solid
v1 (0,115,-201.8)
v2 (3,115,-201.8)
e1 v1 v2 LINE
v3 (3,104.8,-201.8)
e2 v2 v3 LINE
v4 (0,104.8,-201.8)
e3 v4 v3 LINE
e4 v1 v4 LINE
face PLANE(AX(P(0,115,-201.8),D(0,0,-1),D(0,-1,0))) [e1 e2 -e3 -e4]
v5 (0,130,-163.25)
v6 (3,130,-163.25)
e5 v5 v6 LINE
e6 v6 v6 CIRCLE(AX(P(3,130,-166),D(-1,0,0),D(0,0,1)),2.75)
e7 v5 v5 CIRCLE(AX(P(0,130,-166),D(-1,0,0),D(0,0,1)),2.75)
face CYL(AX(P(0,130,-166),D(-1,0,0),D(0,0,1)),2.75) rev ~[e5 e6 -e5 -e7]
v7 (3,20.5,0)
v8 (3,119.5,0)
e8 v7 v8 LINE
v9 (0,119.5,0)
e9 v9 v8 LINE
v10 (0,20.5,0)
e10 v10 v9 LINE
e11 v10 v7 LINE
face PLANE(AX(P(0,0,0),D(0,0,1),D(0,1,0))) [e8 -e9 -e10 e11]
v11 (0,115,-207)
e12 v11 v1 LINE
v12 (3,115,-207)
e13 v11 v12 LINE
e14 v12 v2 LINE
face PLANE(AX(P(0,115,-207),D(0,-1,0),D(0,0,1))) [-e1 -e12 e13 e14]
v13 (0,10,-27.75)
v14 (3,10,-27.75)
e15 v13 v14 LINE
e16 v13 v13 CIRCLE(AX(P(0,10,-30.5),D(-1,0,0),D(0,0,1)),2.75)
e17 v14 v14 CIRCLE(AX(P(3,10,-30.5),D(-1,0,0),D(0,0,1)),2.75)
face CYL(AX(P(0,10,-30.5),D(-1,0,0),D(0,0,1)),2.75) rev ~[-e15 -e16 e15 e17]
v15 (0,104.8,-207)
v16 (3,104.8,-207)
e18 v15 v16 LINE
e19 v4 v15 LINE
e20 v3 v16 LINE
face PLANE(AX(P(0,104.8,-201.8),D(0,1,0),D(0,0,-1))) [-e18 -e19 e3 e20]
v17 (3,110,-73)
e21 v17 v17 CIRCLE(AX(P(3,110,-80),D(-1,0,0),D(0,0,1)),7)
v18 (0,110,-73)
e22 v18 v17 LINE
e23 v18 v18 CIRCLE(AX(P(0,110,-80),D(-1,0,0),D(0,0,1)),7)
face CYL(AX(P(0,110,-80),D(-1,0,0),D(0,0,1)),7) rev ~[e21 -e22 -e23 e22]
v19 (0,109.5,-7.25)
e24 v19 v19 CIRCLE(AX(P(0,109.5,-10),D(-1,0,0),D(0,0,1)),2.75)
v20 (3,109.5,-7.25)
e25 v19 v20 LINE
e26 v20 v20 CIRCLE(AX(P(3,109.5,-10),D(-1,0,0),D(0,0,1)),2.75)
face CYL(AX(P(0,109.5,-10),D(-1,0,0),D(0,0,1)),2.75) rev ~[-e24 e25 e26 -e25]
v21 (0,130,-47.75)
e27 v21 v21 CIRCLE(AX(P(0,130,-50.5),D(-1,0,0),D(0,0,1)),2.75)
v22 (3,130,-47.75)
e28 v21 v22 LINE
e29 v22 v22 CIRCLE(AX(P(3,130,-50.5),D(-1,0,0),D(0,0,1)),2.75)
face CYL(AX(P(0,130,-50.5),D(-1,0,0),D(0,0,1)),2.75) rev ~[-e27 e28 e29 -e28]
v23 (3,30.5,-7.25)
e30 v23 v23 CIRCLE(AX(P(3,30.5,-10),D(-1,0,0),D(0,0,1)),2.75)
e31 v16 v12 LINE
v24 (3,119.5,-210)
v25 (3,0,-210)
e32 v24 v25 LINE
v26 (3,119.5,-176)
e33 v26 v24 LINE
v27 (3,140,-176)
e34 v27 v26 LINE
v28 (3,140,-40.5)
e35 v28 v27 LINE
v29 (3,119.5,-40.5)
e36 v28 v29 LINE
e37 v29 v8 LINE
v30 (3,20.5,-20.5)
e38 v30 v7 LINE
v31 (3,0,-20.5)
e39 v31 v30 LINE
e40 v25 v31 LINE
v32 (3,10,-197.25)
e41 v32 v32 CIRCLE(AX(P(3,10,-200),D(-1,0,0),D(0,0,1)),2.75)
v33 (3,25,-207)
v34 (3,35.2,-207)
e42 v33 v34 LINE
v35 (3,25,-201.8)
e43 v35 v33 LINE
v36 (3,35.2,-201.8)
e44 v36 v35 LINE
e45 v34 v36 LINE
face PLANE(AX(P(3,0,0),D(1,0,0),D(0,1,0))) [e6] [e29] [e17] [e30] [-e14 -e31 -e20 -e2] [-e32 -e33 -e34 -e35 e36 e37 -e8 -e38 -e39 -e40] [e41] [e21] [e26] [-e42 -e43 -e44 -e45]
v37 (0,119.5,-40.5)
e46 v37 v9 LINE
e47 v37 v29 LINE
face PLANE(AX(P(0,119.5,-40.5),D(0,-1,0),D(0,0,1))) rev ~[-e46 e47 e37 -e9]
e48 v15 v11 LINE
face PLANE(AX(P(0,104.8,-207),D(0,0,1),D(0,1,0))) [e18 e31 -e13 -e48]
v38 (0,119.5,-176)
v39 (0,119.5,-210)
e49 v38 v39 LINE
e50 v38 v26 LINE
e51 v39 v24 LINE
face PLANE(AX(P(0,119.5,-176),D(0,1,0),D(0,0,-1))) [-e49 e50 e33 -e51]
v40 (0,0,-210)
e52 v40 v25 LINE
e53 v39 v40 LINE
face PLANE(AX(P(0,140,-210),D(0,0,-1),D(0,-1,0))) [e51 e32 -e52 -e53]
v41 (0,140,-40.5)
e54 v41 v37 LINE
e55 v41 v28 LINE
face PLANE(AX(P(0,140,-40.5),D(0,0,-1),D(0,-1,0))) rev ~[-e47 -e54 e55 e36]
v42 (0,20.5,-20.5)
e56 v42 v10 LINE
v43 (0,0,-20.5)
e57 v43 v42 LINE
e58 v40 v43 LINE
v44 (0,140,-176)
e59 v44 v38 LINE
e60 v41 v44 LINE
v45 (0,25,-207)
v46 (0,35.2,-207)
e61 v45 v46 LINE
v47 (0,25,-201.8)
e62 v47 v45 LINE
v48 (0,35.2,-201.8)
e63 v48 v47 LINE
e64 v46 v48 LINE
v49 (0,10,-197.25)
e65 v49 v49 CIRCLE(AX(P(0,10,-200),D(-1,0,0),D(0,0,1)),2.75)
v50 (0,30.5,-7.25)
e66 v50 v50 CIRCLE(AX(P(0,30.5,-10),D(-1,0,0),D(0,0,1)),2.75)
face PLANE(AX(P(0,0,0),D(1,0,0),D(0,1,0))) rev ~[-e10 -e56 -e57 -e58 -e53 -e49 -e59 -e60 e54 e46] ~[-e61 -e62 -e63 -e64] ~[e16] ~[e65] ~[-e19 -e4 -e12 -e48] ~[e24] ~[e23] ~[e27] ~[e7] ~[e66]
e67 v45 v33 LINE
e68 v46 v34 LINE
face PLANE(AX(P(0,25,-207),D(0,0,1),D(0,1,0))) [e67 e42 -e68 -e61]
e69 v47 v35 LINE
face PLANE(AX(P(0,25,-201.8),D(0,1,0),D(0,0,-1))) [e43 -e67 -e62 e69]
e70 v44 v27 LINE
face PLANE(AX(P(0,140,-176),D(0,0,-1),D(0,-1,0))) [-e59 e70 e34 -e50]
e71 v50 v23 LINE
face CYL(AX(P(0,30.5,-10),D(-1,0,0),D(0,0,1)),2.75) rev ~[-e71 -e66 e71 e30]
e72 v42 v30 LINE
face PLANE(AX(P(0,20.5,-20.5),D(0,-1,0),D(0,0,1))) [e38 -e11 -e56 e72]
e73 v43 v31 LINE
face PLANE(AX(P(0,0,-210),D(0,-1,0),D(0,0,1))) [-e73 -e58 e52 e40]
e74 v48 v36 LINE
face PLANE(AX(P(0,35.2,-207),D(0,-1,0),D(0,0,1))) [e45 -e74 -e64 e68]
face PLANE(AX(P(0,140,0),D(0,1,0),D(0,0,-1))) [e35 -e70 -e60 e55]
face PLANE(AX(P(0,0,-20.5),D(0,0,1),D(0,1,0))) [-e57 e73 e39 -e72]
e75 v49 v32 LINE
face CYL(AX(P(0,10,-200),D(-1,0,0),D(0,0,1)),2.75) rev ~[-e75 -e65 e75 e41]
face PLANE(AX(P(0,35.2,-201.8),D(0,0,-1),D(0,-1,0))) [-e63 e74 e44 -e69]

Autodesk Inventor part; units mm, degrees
ref_plane "YZ Plane" through (0, 0, 0) normal (1, 0, 0) x (0, 1, 0)
ref_plane "XZ Plane" through (0, 0, 0) normal (0, 1, 0) x (-1, 0, 0)
ref_plane "XY Plane" through (0, 0, 0) normal (0, 0, 1) x (1, 0, 0)
sketch "Sketch1" plane through (0, 0, 0) normal (1, 0, 0) x (0, 1, 0)
  line L0 (0, 0) -> (140, 0)
  line L1 (140, 0) -> (140, -210)
  line L2 (140, -210) -> (0, -210)
  line L3 (0, -210) -> (0, 0)
  dimension "d0" = 210
  dimension "d1" = 140
extrude "Extrusion1" add sketch "Sketch1" along normal blind 3
sketch "Sketch2" plane through (0, 0, 0) normal (-1, 0, 0) x (0, 0, 1)
  line L0 (0, 0) -> (-20.5, 0)
  line L1 (-20.5, 0) -> (-20.5, 20.5)
  line L2 (-20.5, 20.5) -> (0, 20.5)
  line L3 (0, 20.5) -> (0, 0)
  line L4 (-210, 140) -> (0, 140) projected
  line L5 (0, 140) -> (-40.5, 140)
  line L6 (-40.5, 140) -> (-40.5, 119.5)
  line L7 (-40.5, 119.5) -> (0, 119.5)
  line L8 (0, 119.5) -> (0, 140)
  line L9 (-210, 140) -> (-176, 140)
  line L10 (-176, 140) -> (-176, 119.5)
  line L11 (-176, 119.5) -> (-210, 119.5)
  line L12 (-210, 119.5) -> (-210, 140)
  point P0 (-176, 140)
  dimension "d4" = 20.5
  dimension "d5" = 20.5
  dimension "d6" = 40.5
  dimension "d7" = 20.5
  dimension "d8" = 34
extrude "Extrusion2" cut sketch "Sketch2" against normal blind 3
sketch "Sketch3" plane through (0, 0, 0) normal (-1, 0, 0) x (0, 0, 1)
  circle A0 centre (-10, 30.5) radius 2.75
  line L0 (-20.5, 20.5) -> (0, 20.5) projected
  line L1 (0, 119.5) -> (0, 20.5) projected
  circle A1 centre (-10, 109.5) radius 2.75
  circle A2 centre (-50.5, 130) radius 2.75
  circle A3 centre (-166, 130) radius 2.75
  circle A4 centre (-200, 10) radius 2.75
  circle A5 centre (-30.5, 10) radius 2.75
  line L2 (-20.5, 0) -> (-210, 0) projected
  line L3 (-20.5, 0) -> (-20.5, 20.5) projected
  line L4 (-210, 0) -> (-210, 119.5) projected
  line L5 (-176, 140) -> (-176, 119.5) projected
  line L6 (-176, 140) -> (-40.5, 140) projected
  line L7 (-40.5, 119.5) -> (-40.5, 140) projected
  line L8 (0, 119.5) -> (-40.5, 119.5) projected
  point P0 (0, 0)
  dimension "d11" = 5.5
  dimension "d12" = 10
  dimension "d13" = 10
  dimension "d14" = 10
  dimension "d15" = 10
  dimension "d16" = 10
  dimension "d17" = 10
  dimension "d18" = 10
  dimension "d19" = 10
  dimension "d20" = 10
  dimension "d21" = 10
  dimension "d22" = 10
  dimension "d23" = 10
  dimension "d24" = 5.5
  dimension "d25" = 5.5
  dimension "d26" = 5.5
  dimension "d27" = 5.5
  dimension "d28" = 5.5
extrude "Extrusion3" cut sketch "Sketch3" against normal blind 3
sketch "Sketch4" plane through (0, 0, 0) normal (-1, 0, 0) x (0, 0, 1)
  line L0 (-201.8, 25) -> (-207, 25)
  line L1 (-207, 25) -> (-207, 35.2)
  line L2 (-207, 35.2) -> (-201.8, 35.2)
  line L3 (-201.8, 35.2) -> (-201.8, 25)
  line L4 (-201.8, 104.8) -> (-207, 104.8)
  line L5 (-207, 104.8) -> (-207, 115)
  line L6 (-207, 115) -> (-201.8, 115)
  line L7 (-201.8, 115) -> (-201.8, 104.8)
  line L8 (-210, 0) -> (-210, 119.5) projected
  line L9 (-20.5, 0) -> (-210, 0) projected
  line L10 (-176, 119.5) -> (-210, 119.5) projected
  line L11 (-176, 140) -> (-40.5, 140) projected
  point P0 (0, 0)
  dimension "d31" = 3
  dimension "d32" = 25
  dimension "d34" = 10.2
  dimension "d35" = 10.2
  dimension "d36" = 5.2
  dimension "d37" = 25
extrude "Extrusion4" cut sketch "Sketch4" against normal blind 3
sketch "Sketch5" plane through (0, 0, 0) normal (-1, 0, 0) x (0, 0, 1)
  point P0 (0, 0)
sketch "Sketch6" plane through (0, 0, 0) normal (-1, 0, 0) x (0, 0, 1)
  circle A0 centre (-80, 110) radius 7
  line L0 (-176, 140) -> (-40.5, 140) projected
  line L1 (0, 119.5) -> (0, 20.5) projected
  line L2 (-176, 140) -> (-176, 119.5) projected
  point P0 (0, 0)
  dimension "d40" = 14
  dimension "d41" = 30
  dimension "d43" = 80
extrude "Extrusion5" cut sketch "Sketch6" against normal blind 3
equation "\"d5\" = d4"
equation "\"d13\" = d12"
equation "\"d14\" = d12"
equation "\"d15\" = d12"
equation "\"d16\" = d12"
equation "\"d17\" = d12"
equation "\"d18\" = d12"
equation "\"d19\" = d12"
equation "\"d20\" = d12"
equation "\"d21\" = d12"
equation "\"d22\" = d12"
equation "\"d23\" = d12"
equation "\"d24\" = d11"
equation "\"d25\" = d11"
equation "\"d26\" = d11"
equation "\"d27\" = d11"
equation "\"d28\" = d11"
properties part number "Steckerplatte_hint"
